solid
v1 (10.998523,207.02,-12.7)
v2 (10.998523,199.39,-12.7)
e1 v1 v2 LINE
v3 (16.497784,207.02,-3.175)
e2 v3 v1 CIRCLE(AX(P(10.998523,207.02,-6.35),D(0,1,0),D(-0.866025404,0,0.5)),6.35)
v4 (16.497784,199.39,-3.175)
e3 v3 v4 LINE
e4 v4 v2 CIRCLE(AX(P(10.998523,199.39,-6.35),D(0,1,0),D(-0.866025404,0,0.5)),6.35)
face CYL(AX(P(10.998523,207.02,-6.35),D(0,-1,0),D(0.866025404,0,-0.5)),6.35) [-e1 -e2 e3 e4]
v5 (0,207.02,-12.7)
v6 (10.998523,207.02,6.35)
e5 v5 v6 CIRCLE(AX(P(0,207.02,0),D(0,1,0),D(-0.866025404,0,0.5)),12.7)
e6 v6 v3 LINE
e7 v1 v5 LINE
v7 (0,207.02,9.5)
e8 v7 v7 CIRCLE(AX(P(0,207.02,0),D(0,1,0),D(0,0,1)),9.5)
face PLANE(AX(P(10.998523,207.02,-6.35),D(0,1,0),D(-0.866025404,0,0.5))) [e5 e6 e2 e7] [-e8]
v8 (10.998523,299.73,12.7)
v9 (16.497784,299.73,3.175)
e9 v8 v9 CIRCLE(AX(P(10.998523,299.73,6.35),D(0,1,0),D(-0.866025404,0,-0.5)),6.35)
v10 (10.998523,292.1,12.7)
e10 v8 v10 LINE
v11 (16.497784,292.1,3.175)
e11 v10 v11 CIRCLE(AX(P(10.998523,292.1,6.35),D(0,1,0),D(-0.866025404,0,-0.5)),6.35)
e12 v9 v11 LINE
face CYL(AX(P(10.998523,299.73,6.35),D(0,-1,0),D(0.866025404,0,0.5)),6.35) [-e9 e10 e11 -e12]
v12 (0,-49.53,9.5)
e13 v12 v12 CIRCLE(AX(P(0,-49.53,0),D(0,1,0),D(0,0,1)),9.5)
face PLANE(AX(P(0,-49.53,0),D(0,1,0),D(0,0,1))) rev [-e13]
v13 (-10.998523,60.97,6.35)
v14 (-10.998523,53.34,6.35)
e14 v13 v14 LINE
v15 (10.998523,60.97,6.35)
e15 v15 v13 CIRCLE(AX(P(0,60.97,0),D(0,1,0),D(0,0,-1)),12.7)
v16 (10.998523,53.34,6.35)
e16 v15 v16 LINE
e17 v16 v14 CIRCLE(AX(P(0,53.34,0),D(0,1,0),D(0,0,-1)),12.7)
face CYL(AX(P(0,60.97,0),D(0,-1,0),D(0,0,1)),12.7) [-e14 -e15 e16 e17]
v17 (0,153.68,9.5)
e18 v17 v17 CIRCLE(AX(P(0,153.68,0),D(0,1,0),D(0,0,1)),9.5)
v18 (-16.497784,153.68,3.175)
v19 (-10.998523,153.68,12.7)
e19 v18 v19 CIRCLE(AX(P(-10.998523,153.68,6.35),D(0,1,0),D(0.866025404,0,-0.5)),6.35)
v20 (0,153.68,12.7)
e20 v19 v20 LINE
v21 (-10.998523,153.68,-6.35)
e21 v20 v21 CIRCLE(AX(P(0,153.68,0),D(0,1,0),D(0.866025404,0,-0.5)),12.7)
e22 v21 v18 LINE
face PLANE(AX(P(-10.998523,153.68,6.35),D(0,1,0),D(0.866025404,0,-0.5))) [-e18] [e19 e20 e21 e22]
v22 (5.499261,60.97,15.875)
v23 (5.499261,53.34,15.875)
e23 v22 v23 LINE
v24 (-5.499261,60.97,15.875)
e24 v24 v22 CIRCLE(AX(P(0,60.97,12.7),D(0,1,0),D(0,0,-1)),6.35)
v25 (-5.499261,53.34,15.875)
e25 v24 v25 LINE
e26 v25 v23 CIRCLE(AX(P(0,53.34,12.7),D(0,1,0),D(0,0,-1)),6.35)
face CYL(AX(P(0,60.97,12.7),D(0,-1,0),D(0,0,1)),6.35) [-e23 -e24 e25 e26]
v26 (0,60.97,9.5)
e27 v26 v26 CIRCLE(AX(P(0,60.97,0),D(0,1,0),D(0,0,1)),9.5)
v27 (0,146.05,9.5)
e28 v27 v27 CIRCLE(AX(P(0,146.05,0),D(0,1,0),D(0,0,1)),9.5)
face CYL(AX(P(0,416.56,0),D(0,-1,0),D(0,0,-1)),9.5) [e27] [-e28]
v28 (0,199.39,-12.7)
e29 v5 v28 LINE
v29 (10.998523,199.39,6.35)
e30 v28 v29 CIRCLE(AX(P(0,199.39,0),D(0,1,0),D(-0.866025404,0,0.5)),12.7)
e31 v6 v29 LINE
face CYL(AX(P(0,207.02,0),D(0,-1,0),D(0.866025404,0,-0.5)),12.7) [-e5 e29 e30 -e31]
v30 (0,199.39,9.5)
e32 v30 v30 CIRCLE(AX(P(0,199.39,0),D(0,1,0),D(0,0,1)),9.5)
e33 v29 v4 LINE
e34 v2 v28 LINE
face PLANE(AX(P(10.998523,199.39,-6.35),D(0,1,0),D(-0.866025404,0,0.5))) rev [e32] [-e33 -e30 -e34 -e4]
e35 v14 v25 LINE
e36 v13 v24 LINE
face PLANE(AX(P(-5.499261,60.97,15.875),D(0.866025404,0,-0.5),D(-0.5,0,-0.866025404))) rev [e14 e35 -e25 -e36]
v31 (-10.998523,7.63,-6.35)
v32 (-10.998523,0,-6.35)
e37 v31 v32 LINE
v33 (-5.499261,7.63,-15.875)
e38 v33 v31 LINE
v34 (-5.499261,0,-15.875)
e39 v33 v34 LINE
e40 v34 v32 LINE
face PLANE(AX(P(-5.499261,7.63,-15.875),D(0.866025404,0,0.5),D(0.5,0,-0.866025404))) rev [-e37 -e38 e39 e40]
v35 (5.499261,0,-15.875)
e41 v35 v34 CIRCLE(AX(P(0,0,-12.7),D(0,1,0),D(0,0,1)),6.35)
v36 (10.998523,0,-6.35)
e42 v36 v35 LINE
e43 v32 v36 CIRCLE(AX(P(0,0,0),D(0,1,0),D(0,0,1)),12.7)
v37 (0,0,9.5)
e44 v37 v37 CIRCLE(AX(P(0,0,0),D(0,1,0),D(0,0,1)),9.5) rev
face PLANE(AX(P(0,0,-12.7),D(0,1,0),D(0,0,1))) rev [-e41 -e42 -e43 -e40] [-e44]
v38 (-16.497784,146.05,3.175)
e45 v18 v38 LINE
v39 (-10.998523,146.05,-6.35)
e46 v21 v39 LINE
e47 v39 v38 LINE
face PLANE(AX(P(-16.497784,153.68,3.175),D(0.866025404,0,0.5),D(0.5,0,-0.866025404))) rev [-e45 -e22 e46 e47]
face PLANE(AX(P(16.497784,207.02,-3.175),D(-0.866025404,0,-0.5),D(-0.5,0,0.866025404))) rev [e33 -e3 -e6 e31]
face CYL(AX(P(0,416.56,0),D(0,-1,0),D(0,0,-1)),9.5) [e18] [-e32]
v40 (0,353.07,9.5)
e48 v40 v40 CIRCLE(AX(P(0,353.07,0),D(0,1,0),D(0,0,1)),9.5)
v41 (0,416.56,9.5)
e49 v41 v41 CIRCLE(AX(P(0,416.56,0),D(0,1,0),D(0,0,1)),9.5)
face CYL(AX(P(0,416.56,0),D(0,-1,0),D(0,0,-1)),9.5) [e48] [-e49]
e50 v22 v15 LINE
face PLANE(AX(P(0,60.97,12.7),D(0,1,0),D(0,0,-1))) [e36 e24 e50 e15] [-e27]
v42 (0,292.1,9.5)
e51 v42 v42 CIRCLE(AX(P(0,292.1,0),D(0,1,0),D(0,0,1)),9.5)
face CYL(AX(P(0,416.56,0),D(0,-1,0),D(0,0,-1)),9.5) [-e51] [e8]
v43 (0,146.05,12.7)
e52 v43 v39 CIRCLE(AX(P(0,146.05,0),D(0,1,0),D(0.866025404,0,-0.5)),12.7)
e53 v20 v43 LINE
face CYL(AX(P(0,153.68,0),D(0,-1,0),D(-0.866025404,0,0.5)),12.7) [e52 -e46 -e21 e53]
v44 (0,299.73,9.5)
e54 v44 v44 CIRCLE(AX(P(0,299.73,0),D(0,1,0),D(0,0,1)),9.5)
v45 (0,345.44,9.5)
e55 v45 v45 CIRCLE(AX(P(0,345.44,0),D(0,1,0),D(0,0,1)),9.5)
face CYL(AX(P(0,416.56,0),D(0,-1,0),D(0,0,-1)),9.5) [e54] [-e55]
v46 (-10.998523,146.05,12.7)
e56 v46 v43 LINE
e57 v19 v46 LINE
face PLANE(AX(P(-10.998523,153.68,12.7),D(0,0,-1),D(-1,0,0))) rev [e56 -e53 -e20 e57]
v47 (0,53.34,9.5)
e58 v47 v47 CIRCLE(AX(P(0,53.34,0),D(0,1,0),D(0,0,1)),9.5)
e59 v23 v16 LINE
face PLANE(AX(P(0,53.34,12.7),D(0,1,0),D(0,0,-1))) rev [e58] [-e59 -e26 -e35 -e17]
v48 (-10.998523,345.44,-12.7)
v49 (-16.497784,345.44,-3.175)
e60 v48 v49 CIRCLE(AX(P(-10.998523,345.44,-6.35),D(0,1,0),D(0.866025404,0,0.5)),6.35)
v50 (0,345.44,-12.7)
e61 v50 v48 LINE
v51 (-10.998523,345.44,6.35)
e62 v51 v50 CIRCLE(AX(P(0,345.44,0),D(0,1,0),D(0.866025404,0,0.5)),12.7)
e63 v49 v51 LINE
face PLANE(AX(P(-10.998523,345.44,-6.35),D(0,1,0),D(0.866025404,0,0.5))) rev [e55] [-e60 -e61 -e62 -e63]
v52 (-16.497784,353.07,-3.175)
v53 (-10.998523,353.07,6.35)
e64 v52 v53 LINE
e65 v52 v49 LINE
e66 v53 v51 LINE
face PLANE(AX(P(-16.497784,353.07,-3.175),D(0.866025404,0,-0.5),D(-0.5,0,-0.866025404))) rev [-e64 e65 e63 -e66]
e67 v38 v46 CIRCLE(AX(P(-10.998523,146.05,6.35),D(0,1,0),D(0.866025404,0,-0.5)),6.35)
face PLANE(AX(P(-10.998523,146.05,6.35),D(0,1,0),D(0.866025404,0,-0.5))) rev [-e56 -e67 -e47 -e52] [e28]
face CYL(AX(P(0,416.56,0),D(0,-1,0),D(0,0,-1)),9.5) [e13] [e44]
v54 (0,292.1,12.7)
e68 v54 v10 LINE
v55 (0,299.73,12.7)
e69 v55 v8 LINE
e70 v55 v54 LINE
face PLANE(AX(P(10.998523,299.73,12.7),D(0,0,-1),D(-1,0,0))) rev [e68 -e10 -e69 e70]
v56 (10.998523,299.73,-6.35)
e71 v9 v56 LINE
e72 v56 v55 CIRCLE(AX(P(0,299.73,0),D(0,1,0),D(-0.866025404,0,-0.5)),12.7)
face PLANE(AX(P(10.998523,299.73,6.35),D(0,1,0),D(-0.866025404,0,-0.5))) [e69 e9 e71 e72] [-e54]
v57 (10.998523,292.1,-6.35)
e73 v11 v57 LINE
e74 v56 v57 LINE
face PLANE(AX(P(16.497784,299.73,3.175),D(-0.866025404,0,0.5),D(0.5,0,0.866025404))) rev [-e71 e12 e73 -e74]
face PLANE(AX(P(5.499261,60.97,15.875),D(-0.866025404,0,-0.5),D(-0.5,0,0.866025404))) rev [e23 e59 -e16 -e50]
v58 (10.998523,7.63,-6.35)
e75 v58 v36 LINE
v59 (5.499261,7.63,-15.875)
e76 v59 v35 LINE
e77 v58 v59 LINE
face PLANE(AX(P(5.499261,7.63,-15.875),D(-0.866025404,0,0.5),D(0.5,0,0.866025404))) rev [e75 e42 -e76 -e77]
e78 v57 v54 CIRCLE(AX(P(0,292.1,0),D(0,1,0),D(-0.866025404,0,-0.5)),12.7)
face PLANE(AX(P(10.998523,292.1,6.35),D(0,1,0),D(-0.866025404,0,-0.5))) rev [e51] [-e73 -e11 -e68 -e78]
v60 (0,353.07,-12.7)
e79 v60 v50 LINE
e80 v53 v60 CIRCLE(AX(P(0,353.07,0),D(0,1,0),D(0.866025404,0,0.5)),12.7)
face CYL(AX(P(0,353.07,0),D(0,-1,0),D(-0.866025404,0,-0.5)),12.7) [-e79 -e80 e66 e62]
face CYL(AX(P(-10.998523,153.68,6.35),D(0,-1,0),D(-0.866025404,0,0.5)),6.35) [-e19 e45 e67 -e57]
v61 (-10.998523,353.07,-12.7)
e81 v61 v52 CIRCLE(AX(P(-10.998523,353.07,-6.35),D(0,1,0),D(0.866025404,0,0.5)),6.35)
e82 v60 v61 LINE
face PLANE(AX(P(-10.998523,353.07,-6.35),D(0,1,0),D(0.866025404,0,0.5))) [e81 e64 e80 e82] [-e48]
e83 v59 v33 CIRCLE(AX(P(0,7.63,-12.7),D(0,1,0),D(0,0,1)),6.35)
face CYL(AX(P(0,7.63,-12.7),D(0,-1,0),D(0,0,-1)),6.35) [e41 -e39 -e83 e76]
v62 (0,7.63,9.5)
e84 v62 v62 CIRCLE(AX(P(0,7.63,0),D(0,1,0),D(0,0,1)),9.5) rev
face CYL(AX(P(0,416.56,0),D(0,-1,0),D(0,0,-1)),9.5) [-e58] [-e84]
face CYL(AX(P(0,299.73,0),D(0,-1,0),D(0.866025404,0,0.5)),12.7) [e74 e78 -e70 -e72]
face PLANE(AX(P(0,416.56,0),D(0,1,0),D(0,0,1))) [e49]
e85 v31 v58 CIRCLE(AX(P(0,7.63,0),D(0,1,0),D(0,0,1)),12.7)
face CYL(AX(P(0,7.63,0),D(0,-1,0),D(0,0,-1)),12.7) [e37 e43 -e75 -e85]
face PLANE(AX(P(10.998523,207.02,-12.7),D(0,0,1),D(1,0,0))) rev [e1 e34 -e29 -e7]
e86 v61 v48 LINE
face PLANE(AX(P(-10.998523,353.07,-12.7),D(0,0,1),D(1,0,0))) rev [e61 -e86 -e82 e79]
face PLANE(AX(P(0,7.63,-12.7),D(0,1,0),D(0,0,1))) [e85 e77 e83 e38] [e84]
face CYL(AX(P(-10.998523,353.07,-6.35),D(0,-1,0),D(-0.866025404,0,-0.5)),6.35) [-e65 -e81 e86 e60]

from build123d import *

# Parameters (mm, degrees)
BOSS_EXTRUDE1_DEPTH   = 7.63
LPATTERN2_COUNT       = 2
LPATTERN2_PITCH       = 53.34
BODY_MOVE_COPY1_ANGLE = 180
LPATTERN3_COUNT       = 3
LPATTERN3_PITCH       = 146.05
BODY_MOVE_COPY2_ANGLE = 120
BODY_MOVE_COPY3_ANGLE = 120
BOSS_EXTRUDE2_START   = -49.53
SKETCH3_R             = 9.5
BOSS_EXTRUDE2_DEPTH   = 466.09


with BuildPart() as part:
    # Sketch1 → Boss-Extrude1 (new body)
    with BuildSketch(Plane(origin=(0, 0, 0), x_dir=(1, 0, 0), z_dir=(0, 1, 0))):
        with BuildLine():
            Line((-5.499261314, 15.875), (-10.998522628, 6.35))
            ThreePointArc((-10.998522628, 6.35), (0, -12.7), (10.998522628, 6.35))
            Line((10.998522628, 6.35), (5.499261314, 15.875))
            ThreePointArc((5.499261314, 15.875), (0, 19.05), (-5.499261314, 15.875))
        make_face()
    extrude(amount=BOSS_EXTRUDE1_DEPTH)


with BuildPart() as lpattern2_1:
    # LPattern2: pattern copy
    add(part.part.moved(Location(Vector(0, 1, 0) * (1 * LPATTERN2_PITCH))))


with BuildPart() as lpattern2_1_1:
    # Body-Move/Copy1: moved
    add(lpattern2_1.part.rotate(Axis((0, 0, 0), (0, 1, 0)), BODY_MOVE_COPY1_ANGLE))


with BuildPart() as lpattern3_1:
    # LPattern3: pattern copy
    add(part.part.moved(Location(Vector(0, 1, 0) * (1 * LPATTERN3_PITCH))))


with BuildPart() as lpattern3_2:
    # LPattern3: pattern copy
    add(part.part.moved(Location(Vector(0, 1, 0) * (2 * LPATTERN3_PITCH))))


with BuildPart() as lpattern3_3:
    # LPattern3: pattern copy
    add(lpattern2_1_1.part.moved(Location(Vector(0, 1, 0) * (1 * LPATTERN3_PITCH))))


with BuildPart() as lpattern3_4:
    # LPattern3: pattern copy
    add(lpattern2_1_1.part.moved(Location(Vector(0, 1, 0) * (2 * LPATTERN3_PITCH))))


with BuildPart() as lpattern3_1_1:
    # Body-Move/Copy2: moved
    add(lpattern3_1.part.rotate(Axis((0, 0, 0), (0, 1, 0)), BODY_MOVE_COPY2_ANGLE))


with BuildPart() as lpattern3_3_1:
    # Body-Move/Copy2: moved
    add(lpattern3_3.part.rotate(Axis((0, 0, 0), (0, 1, 0)), BODY_MOVE_COPY2_ANGLE))


with BuildPart() as lpattern3_2_1:
    # Body-Move/Copy3: moved
    add(lpattern3_2.part.rotate(Axis((0, 0, 0), (0, -1, 0)), BODY_MOVE_COPY3_ANGLE))


with BuildPart() as lpattern3_4_1:
    # Body-Move/Copy3: moved
    add(lpattern3_4.part.rotate(Axis((0, 0, 0), (0, -1, 0)), BODY_MOVE_COPY3_ANGLE))


with BuildPart() as part_1:
    add(part.part)

    add(lpattern2_1_1.part)  # Boss-Extrude2 merges LPattern2_1

    add(lpattern3_1_1.part)  # Boss-Extrude2 merges LPattern3_1

    add(lpattern3_2_1.part)  # Boss-Extrude2 merges LPattern3_2

    add(lpattern3_3_1.part)  # Boss-Extrude2 merges LPattern3_3

    add(lpattern3_4_1.part)  # Boss-Extrude2 merges LPattern3_4
    # Sketch3 → Boss-Extrude2 (add)
    with BuildSketch(Plane(origin=(0, 0, 0), x_dir=(1, 0, 0), z_dir=(0, 1, 0)).offset(BOSS_EXTRUDE2_START)):
        Circle(SKETCH3_R)
    extrude(amount=BOSS_EXTRUDE2_DEPTH)


solid = part_1.part
